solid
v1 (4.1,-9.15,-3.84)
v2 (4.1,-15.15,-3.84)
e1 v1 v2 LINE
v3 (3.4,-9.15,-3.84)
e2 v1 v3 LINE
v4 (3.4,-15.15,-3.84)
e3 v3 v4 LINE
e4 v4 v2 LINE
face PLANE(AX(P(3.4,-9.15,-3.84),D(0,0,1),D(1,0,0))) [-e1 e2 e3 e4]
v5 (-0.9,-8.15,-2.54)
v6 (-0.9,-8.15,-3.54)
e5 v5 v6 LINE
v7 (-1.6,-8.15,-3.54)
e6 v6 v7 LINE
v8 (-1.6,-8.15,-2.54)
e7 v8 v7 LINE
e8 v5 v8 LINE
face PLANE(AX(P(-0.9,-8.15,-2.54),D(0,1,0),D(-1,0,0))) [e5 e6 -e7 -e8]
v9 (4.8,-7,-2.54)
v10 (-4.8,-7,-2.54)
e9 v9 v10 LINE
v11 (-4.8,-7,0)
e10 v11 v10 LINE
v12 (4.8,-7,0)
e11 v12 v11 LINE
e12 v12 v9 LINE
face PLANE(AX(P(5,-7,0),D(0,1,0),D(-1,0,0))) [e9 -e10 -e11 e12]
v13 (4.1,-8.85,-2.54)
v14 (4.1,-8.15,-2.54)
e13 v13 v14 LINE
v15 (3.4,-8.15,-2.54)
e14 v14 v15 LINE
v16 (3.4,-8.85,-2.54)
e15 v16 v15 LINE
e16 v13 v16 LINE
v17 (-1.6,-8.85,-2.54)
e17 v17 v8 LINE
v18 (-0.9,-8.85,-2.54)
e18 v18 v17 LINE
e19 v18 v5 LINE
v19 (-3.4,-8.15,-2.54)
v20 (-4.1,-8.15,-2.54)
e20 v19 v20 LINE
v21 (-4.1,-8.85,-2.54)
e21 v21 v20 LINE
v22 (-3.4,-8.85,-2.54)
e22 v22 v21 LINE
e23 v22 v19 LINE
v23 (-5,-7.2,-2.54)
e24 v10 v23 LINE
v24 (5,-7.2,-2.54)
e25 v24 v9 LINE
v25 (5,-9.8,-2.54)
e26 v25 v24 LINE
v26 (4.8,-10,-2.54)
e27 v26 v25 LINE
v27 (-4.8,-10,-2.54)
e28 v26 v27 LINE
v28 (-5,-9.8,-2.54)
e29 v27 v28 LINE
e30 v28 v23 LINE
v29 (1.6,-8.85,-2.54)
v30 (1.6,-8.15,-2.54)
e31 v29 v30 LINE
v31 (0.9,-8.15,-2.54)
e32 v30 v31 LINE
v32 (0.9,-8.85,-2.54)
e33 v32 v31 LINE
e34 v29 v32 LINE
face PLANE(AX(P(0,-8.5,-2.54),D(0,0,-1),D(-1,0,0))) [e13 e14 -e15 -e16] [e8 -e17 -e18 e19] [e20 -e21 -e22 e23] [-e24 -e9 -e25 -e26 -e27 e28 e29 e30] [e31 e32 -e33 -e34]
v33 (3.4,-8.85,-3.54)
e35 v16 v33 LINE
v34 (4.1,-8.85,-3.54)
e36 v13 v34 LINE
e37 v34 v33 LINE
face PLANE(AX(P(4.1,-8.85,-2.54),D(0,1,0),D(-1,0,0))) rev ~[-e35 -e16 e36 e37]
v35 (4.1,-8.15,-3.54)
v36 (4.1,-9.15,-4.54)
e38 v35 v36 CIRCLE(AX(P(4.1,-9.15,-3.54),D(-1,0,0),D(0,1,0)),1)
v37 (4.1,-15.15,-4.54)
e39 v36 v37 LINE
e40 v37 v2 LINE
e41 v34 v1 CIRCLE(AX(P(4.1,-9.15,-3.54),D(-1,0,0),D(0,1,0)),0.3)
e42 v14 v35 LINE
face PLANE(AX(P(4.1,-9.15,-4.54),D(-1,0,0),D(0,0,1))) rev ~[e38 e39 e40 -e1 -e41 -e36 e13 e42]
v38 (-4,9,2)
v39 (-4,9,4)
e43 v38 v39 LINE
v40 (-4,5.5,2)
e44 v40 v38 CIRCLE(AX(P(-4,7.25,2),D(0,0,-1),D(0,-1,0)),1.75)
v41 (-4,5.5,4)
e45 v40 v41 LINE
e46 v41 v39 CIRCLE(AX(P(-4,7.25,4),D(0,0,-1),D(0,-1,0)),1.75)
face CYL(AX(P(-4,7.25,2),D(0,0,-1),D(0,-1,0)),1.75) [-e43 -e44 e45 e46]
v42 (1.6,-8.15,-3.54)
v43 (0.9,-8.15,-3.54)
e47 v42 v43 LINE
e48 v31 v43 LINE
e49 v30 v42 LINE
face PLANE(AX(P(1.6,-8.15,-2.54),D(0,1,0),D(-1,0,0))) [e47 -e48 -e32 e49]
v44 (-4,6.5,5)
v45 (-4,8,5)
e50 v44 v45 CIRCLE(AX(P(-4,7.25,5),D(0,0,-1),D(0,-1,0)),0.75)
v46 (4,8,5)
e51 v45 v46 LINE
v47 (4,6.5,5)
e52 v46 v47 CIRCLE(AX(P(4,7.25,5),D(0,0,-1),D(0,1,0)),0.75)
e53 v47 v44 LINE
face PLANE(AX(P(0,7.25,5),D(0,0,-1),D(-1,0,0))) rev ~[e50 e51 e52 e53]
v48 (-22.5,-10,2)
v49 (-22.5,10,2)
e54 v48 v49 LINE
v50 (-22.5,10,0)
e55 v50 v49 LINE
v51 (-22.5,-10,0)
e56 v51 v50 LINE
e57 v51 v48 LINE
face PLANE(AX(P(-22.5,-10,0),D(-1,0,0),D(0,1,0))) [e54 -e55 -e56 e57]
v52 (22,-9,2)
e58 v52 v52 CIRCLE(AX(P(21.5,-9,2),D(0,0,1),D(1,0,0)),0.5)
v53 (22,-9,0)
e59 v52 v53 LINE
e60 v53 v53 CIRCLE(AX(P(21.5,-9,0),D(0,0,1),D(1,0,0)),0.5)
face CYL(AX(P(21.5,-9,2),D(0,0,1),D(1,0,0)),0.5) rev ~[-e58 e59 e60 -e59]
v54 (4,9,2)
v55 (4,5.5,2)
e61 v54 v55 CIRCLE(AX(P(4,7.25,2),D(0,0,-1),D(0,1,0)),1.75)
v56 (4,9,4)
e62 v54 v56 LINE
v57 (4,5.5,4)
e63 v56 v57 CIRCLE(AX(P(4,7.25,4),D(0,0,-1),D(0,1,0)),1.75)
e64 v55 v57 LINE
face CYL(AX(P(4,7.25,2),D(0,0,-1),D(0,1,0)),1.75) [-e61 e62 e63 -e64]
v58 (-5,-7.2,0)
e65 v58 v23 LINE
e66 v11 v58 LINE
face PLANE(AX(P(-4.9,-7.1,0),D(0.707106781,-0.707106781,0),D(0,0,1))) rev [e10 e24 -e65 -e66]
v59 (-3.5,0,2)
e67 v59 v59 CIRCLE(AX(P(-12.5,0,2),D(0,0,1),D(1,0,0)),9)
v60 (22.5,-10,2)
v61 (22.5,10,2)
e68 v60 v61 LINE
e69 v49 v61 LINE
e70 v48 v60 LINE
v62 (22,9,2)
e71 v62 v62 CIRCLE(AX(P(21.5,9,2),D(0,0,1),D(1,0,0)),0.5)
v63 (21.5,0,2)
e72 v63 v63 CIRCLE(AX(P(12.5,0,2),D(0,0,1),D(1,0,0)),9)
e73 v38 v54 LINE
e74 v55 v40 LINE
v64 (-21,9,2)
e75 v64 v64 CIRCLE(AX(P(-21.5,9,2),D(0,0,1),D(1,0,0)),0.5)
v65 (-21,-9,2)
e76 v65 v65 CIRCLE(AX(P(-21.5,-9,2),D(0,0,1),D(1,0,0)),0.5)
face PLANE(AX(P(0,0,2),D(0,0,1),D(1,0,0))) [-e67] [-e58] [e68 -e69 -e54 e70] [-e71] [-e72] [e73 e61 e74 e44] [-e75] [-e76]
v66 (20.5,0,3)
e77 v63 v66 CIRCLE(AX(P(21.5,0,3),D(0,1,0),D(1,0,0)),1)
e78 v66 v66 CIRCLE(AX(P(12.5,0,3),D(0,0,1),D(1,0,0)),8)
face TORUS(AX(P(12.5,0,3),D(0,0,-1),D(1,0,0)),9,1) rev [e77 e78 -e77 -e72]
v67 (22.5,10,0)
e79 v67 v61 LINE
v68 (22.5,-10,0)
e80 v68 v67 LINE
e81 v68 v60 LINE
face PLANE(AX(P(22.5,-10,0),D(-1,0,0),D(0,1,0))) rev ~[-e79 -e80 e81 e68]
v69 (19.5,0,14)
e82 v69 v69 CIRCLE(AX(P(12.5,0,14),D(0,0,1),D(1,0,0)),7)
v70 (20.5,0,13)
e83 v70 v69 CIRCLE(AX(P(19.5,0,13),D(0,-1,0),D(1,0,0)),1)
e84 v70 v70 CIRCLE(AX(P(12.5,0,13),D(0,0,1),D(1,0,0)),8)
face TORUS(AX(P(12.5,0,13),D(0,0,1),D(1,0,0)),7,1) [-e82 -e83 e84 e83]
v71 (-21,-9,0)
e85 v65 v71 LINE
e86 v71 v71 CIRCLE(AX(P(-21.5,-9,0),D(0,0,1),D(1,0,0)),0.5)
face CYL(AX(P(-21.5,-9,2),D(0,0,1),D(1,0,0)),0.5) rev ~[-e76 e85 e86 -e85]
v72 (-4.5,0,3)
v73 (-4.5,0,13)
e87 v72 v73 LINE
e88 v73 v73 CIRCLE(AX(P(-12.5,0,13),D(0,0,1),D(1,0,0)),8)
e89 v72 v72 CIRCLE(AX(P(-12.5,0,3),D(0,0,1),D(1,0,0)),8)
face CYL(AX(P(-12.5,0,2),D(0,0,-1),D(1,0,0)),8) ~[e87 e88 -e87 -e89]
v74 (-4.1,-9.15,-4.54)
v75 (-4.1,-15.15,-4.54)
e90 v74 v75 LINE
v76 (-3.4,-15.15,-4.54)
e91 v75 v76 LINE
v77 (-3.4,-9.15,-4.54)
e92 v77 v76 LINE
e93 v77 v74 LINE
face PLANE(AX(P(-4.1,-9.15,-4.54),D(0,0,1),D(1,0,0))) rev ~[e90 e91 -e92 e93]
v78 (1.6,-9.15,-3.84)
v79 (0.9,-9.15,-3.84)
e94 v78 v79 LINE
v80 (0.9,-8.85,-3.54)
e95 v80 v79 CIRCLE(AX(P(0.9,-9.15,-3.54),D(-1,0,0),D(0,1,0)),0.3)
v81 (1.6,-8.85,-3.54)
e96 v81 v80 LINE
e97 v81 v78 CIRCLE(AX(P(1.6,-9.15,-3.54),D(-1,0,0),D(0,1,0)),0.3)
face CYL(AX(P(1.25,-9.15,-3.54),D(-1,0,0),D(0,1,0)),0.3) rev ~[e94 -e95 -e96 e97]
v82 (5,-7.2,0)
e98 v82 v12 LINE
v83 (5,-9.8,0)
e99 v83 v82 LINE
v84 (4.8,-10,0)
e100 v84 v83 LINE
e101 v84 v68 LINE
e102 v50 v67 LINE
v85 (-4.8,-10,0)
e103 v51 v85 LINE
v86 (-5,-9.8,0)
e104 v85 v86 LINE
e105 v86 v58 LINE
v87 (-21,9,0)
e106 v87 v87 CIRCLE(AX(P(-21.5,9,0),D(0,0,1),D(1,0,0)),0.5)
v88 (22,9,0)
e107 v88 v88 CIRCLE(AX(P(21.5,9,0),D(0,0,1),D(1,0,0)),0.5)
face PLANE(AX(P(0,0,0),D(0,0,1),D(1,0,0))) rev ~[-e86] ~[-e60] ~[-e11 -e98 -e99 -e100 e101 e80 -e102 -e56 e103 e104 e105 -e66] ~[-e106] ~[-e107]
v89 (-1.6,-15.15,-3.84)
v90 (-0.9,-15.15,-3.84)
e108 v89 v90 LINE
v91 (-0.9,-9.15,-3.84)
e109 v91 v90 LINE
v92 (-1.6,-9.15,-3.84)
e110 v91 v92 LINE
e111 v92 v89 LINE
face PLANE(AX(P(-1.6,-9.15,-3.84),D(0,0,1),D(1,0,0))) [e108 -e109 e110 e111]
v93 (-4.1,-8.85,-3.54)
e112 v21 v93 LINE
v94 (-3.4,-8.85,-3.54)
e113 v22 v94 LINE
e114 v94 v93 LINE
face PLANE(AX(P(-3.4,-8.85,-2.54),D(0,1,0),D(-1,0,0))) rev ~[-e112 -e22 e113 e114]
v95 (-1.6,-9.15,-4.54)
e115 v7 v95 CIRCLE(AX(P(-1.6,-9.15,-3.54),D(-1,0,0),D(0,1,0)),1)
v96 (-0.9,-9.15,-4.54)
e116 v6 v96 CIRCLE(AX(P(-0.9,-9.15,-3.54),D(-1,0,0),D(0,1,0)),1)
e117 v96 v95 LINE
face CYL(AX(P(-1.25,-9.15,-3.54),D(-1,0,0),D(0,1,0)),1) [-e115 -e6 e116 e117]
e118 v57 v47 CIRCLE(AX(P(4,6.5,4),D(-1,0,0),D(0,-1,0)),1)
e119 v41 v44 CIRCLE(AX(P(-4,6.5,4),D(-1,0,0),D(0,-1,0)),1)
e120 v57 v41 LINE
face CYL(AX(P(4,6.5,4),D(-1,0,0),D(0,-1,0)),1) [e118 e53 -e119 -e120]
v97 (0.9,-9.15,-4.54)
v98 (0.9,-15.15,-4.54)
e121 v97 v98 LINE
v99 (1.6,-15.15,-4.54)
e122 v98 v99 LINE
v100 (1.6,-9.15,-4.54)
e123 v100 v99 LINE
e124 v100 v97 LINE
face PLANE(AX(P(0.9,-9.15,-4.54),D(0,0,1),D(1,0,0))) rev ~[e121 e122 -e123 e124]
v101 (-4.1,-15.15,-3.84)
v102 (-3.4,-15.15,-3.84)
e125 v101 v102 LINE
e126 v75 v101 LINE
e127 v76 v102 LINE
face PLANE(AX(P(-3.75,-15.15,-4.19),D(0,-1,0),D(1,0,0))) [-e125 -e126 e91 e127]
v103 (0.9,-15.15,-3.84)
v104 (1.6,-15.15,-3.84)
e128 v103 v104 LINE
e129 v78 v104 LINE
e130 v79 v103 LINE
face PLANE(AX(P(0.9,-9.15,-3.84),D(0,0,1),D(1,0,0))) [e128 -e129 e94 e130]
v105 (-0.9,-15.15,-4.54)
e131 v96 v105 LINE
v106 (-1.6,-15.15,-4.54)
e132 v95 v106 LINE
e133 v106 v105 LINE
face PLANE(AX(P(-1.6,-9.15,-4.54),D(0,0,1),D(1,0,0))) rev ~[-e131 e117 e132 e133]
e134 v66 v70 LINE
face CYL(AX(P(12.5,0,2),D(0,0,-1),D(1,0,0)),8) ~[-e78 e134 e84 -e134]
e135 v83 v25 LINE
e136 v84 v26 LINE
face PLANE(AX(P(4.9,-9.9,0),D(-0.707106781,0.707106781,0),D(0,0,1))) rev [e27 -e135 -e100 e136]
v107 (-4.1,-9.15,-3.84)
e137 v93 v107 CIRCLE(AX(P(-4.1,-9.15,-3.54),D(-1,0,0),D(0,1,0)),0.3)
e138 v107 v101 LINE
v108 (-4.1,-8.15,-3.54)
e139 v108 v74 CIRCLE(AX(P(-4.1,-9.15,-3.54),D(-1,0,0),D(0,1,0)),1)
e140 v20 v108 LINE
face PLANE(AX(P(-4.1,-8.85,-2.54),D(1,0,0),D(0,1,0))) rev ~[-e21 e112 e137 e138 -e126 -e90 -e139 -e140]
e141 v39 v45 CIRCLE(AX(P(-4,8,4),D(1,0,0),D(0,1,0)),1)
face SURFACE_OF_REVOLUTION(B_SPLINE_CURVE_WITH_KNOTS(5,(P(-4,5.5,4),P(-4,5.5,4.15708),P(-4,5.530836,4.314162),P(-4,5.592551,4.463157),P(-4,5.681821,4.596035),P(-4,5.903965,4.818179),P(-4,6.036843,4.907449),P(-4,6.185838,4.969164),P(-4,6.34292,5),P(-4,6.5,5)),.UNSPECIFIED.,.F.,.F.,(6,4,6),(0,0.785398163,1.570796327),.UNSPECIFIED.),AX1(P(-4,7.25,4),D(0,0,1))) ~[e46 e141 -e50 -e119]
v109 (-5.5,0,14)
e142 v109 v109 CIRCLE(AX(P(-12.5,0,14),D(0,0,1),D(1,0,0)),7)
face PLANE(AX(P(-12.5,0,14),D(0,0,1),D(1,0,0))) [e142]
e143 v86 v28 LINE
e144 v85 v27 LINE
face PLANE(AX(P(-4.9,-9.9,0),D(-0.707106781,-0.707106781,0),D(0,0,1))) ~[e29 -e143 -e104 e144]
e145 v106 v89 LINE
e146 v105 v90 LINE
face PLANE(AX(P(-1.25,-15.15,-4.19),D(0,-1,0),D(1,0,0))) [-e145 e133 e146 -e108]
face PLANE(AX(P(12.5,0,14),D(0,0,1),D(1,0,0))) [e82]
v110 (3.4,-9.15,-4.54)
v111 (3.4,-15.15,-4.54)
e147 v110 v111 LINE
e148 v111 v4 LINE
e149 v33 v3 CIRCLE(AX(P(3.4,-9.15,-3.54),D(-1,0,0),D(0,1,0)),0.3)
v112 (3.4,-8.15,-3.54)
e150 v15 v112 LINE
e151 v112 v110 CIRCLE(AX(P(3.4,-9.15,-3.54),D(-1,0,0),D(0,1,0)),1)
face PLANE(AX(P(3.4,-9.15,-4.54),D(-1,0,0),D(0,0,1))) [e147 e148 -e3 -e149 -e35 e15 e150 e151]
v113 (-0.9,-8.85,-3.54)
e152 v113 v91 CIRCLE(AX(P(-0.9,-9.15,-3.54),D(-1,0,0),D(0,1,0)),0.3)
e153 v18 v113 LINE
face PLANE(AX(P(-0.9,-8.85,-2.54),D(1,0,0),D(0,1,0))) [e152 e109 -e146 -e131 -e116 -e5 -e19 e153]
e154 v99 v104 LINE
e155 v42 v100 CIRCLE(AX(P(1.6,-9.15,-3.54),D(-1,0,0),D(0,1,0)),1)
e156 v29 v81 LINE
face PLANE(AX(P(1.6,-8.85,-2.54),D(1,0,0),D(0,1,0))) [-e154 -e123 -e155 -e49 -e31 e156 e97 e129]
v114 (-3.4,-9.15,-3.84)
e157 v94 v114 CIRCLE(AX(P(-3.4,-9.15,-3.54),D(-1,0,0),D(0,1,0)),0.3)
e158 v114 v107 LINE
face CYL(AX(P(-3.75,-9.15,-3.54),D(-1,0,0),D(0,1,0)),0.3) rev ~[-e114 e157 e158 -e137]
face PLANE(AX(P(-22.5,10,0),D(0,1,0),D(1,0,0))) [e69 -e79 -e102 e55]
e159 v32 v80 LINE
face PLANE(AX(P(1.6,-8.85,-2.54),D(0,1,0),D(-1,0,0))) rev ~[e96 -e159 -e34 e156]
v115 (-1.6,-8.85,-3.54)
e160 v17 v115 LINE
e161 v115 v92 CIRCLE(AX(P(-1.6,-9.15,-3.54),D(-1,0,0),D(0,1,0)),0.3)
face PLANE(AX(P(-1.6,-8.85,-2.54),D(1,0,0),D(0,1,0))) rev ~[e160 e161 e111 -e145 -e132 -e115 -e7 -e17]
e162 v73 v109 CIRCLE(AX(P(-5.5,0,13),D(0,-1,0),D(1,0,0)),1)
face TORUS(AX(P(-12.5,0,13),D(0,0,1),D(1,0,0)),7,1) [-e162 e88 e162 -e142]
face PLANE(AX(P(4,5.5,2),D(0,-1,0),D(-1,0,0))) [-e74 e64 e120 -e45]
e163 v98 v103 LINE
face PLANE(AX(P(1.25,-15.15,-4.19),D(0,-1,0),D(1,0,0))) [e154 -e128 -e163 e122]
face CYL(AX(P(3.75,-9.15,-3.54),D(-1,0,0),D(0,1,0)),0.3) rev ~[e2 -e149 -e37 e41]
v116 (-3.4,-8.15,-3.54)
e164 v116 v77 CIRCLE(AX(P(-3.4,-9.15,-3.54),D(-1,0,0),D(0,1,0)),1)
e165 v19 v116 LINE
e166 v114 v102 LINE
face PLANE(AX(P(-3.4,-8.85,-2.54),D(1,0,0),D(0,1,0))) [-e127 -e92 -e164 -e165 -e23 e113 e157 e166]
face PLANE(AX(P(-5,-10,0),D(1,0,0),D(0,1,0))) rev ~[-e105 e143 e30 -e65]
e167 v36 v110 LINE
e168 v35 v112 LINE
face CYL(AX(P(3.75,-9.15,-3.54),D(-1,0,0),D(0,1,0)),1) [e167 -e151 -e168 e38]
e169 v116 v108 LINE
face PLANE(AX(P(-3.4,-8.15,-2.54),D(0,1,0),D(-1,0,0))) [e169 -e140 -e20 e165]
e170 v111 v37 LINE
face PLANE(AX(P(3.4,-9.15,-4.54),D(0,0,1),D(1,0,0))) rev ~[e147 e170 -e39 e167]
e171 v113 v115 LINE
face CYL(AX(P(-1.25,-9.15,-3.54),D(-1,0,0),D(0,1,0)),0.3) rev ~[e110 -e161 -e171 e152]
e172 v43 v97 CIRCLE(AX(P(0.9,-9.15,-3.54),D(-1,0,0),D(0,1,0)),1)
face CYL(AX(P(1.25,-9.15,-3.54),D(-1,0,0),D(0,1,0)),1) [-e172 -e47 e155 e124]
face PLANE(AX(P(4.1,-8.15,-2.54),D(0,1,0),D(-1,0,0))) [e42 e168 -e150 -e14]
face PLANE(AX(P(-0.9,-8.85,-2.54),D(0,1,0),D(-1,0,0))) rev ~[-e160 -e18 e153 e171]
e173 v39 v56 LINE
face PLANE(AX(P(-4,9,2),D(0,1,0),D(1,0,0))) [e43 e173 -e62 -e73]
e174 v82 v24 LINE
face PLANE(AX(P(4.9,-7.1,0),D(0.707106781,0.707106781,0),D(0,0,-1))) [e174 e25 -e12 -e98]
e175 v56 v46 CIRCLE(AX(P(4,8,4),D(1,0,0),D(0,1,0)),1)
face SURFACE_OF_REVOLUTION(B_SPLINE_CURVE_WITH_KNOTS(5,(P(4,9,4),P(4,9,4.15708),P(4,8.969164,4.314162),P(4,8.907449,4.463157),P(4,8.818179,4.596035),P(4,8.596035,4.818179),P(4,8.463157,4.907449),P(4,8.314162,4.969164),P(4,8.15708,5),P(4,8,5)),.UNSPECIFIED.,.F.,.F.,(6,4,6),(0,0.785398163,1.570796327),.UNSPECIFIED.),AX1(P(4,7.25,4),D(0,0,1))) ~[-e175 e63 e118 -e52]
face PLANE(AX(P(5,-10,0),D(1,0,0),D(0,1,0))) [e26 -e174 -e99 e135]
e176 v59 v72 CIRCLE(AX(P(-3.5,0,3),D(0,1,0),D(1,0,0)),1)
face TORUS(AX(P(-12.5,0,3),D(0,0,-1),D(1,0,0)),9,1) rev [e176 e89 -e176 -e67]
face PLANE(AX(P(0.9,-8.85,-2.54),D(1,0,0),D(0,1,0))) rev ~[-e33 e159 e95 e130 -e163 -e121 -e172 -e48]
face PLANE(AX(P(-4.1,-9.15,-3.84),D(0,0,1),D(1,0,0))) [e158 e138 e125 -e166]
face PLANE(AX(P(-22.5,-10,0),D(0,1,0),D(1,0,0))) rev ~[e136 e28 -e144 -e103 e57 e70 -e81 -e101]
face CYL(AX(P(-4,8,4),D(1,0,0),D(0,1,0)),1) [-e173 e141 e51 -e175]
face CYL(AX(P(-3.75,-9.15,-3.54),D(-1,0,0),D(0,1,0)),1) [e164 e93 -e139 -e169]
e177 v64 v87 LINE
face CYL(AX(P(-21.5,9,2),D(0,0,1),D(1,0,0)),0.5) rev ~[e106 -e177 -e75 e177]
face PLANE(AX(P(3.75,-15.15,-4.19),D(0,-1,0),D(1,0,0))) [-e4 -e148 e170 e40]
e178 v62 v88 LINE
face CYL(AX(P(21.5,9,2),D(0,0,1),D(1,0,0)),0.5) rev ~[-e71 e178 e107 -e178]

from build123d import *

# Parameters (mm, degrees)
CROQUIS1_W              = 45
CROQUIS1_H              = 20
SALIENTE_EXTRUIR1_DEPTH = 2
CROQUIS2_R              = 8
SALIENTE_EXTRUIR2_DEPTH = 12
REDONDEO1_R             = 1
SALIENTE_EXTRUIR3_DEPTH = 3
REDONDEO2_R             = 1
CROQUIS4_R              = 0.5
CORTAR_EXTRUIR1_DEPTH   = 3
CROQUIS5_W              = 10
CROQUIS5_H              = 3
SALIENTE_EXTRUIR4_DEPTH = 2.54
CHAFL_N1_SIZE           = 0.2
CROQUIS6_W              = 0.7
CROQUIS6_H              = 0.7
SALIENTE_EXTRUIR5_DEPTH = 1
CROQUIS7_W              = 0.7
CROQUIS7_H              = 0.7
REVOLUCI_N1_ANGLE       = 90
CROQUIS8_W              = 0.7
CROQUIS8_H              = 0.7
SALIENTE_EXTRUIR6_DEPTH = 6


with BuildPart() as part:
    # Croquis1 → Saliente-Extruir1 (new body)
    with BuildSketch(Plane.XY):
        Rectangle(CROQUIS1_W, CROQUIS1_H)
    extrude(amount=SALIENTE_EXTRUIR1_DEPTH)

    # Croquis2 → Saliente-Extruir2 (add)
    with BuildSketch(Plane.XY.offset(2)):
        with Locations((12.5, 0)):
            Circle(CROQUIS2_R)
        with Locations((-12.5, 0)):
            Circle(CROQUIS2_R)
    extrude(amount=SALIENTE_EXTRUIR2_DEPTH)

    # Redondeo1
    redondeo1_edges = [part.edges().sort_by_distance(p)[0] for p in [
        (4.5, 0, 2),
        (4.5, 0, 14),
        (-20.5, 0, 2),
        (-20.5, 0, 14),
    ]]
    fillet(redondeo1_edges, radius=REDONDEO1_R)

    # Croquis3 → Saliente-Extruir3 (add)
    with BuildSketch(Plane.XY.offset(2)):
        with BuildLine():
            Line((4, 5.5), (-4, 5.5))
            ThreePointArc((-4, 5.5), (-5.75, 7.25), (-4, 9))
            Line((-4, 9), (4, 9))
            ThreePointArc((4, 9), (5.75, 7.25), (4, 5.5))
        make_face()
    extrude(amount=SALIENTE_EXTRUIR3_DEPTH)

    # Redondeo2
    redondeo2_edges = [part.edges().sort_by_distance(p)[0] for p in [
        (5.75, 7.25, 5),
        (0, 9, 5),
        (-5.75, 7.25, 5),
        (0, 5.5, 5),
    ]]
    fillet(redondeo2_edges, radius=REDONDEO2_R)

    # Croquis4 → Cortar-Extruir1 (cut, through all)
    with BuildSketch(Plane.XY.offset(2)):
        with Locations((21.5, 9)):
            Circle(CROQUIS4_R)
        with Locations((21.5, -9)):
            Circle(CROQUIS4_R)
        with Locations((-21.5, -9)):
            Circle(CROQUIS4_R)
        with Locations((-21.5, 9)):
            Circle(CROQUIS4_R)
    extrude(amount=-CORTAR_EXTRUIR1_DEPTH, mode=Mode.SUBTRACT)

    # Croquis5 → Saliente-Extruir4 (add)
    with BuildSketch(Plane(origin=(0, 0, 0), x_dir=(-1, 0, 0), z_dir=(0, 0, -1))):
        with Locations((0, -8.5)):
            Rectangle(CROQUIS5_W, CROQUIS5_H)
    extrude(amount=SALIENTE_EXTRUIR4_DEPTH)

    # Chaflán1
    chafl_n1_edges = [part.edges().sort_by_distance(p)[0] for p in [
        (5, -7, -1.27),
        (5, -10, -1.27),
        (-5, -10, -1.27),
        (-5, -7, -1.27),
    ]]
    chamfer(chafl_n1_edges, length=CHAFL_N1_SIZE)

    # Croquis6 → Saliente-Extruir5 (add)
    with BuildSketch(Plane(origin=(0, 0, -2.54), x_dir=(-1, 0, 0), z_dir=(0, 0, -1))):
        with Locations((-3.75, -8.5)):
            Rectangle(CROQUIS6_W, CROQUIS6_H)
        with Locations((-1.25, -8.5)):
            Rectangle(CROQUIS6_W, CROQUIS6_H)
        with Locations((1.25, -8.5)):
            Rectangle(CROQUIS6_W, CROQUIS6_H)
        with Locations((3.75, -8.5)):
            Rectangle(CROQUIS6_W, CROQUIS6_H)
    extrude(amount=SALIENTE_EXTRUIR5_DEPTH)

    # Croquis7 → Revolución1 (revolve)
    with BuildSketch(Plane(origin=(0, 0, -3.54), x_dir=(-1, 0, 0), z_dir=(0, 0, -1))):
        with Locations((-3.75, -8.5)):
            Rectangle(CROQUIS7_W, CROQUIS7_H)
        with Locations((-1.25, -8.5)):
            Rectangle(CROQUIS7_W, CROQUIS7_H)
        with Locations((1.25, -8.5)):
            Rectangle(CROQUIS7_W, CROQUIS7_H)
        with Locations((3.75, -8.5)):
            Rectangle(CROQUIS7_W, CROQUIS7_H)
    revolve(axis=Axis((4.1, -9.15, -3.54), (-1, 0, 0)), revolution_arc=REVOLUCI_N1_ANGLE)

    # Croquis8 → Saliente-Extruir6 (add)
    with BuildSketch(Plane.XZ.offset(9.15)):
        with Locations((3.75, -4.19)):
            Rectangle(CROQUIS8_W, CROQUIS8_H)
        with Locations((1.25, -4.19)):
            Rectangle(CROQUIS8_W, CROQUIS8_H)
        with Locations((-1.25, -4.19)):
            Rectangle(CROQUIS8_W, CROQUIS8_H)
        with Locations((-3.75, -4.19)):
            Rectangle(CROQUIS8_W, CROQUIS8_H)
    extrude(amount=SALIENTE_EXTRUIR6_DEPTH)


solid = part.part
